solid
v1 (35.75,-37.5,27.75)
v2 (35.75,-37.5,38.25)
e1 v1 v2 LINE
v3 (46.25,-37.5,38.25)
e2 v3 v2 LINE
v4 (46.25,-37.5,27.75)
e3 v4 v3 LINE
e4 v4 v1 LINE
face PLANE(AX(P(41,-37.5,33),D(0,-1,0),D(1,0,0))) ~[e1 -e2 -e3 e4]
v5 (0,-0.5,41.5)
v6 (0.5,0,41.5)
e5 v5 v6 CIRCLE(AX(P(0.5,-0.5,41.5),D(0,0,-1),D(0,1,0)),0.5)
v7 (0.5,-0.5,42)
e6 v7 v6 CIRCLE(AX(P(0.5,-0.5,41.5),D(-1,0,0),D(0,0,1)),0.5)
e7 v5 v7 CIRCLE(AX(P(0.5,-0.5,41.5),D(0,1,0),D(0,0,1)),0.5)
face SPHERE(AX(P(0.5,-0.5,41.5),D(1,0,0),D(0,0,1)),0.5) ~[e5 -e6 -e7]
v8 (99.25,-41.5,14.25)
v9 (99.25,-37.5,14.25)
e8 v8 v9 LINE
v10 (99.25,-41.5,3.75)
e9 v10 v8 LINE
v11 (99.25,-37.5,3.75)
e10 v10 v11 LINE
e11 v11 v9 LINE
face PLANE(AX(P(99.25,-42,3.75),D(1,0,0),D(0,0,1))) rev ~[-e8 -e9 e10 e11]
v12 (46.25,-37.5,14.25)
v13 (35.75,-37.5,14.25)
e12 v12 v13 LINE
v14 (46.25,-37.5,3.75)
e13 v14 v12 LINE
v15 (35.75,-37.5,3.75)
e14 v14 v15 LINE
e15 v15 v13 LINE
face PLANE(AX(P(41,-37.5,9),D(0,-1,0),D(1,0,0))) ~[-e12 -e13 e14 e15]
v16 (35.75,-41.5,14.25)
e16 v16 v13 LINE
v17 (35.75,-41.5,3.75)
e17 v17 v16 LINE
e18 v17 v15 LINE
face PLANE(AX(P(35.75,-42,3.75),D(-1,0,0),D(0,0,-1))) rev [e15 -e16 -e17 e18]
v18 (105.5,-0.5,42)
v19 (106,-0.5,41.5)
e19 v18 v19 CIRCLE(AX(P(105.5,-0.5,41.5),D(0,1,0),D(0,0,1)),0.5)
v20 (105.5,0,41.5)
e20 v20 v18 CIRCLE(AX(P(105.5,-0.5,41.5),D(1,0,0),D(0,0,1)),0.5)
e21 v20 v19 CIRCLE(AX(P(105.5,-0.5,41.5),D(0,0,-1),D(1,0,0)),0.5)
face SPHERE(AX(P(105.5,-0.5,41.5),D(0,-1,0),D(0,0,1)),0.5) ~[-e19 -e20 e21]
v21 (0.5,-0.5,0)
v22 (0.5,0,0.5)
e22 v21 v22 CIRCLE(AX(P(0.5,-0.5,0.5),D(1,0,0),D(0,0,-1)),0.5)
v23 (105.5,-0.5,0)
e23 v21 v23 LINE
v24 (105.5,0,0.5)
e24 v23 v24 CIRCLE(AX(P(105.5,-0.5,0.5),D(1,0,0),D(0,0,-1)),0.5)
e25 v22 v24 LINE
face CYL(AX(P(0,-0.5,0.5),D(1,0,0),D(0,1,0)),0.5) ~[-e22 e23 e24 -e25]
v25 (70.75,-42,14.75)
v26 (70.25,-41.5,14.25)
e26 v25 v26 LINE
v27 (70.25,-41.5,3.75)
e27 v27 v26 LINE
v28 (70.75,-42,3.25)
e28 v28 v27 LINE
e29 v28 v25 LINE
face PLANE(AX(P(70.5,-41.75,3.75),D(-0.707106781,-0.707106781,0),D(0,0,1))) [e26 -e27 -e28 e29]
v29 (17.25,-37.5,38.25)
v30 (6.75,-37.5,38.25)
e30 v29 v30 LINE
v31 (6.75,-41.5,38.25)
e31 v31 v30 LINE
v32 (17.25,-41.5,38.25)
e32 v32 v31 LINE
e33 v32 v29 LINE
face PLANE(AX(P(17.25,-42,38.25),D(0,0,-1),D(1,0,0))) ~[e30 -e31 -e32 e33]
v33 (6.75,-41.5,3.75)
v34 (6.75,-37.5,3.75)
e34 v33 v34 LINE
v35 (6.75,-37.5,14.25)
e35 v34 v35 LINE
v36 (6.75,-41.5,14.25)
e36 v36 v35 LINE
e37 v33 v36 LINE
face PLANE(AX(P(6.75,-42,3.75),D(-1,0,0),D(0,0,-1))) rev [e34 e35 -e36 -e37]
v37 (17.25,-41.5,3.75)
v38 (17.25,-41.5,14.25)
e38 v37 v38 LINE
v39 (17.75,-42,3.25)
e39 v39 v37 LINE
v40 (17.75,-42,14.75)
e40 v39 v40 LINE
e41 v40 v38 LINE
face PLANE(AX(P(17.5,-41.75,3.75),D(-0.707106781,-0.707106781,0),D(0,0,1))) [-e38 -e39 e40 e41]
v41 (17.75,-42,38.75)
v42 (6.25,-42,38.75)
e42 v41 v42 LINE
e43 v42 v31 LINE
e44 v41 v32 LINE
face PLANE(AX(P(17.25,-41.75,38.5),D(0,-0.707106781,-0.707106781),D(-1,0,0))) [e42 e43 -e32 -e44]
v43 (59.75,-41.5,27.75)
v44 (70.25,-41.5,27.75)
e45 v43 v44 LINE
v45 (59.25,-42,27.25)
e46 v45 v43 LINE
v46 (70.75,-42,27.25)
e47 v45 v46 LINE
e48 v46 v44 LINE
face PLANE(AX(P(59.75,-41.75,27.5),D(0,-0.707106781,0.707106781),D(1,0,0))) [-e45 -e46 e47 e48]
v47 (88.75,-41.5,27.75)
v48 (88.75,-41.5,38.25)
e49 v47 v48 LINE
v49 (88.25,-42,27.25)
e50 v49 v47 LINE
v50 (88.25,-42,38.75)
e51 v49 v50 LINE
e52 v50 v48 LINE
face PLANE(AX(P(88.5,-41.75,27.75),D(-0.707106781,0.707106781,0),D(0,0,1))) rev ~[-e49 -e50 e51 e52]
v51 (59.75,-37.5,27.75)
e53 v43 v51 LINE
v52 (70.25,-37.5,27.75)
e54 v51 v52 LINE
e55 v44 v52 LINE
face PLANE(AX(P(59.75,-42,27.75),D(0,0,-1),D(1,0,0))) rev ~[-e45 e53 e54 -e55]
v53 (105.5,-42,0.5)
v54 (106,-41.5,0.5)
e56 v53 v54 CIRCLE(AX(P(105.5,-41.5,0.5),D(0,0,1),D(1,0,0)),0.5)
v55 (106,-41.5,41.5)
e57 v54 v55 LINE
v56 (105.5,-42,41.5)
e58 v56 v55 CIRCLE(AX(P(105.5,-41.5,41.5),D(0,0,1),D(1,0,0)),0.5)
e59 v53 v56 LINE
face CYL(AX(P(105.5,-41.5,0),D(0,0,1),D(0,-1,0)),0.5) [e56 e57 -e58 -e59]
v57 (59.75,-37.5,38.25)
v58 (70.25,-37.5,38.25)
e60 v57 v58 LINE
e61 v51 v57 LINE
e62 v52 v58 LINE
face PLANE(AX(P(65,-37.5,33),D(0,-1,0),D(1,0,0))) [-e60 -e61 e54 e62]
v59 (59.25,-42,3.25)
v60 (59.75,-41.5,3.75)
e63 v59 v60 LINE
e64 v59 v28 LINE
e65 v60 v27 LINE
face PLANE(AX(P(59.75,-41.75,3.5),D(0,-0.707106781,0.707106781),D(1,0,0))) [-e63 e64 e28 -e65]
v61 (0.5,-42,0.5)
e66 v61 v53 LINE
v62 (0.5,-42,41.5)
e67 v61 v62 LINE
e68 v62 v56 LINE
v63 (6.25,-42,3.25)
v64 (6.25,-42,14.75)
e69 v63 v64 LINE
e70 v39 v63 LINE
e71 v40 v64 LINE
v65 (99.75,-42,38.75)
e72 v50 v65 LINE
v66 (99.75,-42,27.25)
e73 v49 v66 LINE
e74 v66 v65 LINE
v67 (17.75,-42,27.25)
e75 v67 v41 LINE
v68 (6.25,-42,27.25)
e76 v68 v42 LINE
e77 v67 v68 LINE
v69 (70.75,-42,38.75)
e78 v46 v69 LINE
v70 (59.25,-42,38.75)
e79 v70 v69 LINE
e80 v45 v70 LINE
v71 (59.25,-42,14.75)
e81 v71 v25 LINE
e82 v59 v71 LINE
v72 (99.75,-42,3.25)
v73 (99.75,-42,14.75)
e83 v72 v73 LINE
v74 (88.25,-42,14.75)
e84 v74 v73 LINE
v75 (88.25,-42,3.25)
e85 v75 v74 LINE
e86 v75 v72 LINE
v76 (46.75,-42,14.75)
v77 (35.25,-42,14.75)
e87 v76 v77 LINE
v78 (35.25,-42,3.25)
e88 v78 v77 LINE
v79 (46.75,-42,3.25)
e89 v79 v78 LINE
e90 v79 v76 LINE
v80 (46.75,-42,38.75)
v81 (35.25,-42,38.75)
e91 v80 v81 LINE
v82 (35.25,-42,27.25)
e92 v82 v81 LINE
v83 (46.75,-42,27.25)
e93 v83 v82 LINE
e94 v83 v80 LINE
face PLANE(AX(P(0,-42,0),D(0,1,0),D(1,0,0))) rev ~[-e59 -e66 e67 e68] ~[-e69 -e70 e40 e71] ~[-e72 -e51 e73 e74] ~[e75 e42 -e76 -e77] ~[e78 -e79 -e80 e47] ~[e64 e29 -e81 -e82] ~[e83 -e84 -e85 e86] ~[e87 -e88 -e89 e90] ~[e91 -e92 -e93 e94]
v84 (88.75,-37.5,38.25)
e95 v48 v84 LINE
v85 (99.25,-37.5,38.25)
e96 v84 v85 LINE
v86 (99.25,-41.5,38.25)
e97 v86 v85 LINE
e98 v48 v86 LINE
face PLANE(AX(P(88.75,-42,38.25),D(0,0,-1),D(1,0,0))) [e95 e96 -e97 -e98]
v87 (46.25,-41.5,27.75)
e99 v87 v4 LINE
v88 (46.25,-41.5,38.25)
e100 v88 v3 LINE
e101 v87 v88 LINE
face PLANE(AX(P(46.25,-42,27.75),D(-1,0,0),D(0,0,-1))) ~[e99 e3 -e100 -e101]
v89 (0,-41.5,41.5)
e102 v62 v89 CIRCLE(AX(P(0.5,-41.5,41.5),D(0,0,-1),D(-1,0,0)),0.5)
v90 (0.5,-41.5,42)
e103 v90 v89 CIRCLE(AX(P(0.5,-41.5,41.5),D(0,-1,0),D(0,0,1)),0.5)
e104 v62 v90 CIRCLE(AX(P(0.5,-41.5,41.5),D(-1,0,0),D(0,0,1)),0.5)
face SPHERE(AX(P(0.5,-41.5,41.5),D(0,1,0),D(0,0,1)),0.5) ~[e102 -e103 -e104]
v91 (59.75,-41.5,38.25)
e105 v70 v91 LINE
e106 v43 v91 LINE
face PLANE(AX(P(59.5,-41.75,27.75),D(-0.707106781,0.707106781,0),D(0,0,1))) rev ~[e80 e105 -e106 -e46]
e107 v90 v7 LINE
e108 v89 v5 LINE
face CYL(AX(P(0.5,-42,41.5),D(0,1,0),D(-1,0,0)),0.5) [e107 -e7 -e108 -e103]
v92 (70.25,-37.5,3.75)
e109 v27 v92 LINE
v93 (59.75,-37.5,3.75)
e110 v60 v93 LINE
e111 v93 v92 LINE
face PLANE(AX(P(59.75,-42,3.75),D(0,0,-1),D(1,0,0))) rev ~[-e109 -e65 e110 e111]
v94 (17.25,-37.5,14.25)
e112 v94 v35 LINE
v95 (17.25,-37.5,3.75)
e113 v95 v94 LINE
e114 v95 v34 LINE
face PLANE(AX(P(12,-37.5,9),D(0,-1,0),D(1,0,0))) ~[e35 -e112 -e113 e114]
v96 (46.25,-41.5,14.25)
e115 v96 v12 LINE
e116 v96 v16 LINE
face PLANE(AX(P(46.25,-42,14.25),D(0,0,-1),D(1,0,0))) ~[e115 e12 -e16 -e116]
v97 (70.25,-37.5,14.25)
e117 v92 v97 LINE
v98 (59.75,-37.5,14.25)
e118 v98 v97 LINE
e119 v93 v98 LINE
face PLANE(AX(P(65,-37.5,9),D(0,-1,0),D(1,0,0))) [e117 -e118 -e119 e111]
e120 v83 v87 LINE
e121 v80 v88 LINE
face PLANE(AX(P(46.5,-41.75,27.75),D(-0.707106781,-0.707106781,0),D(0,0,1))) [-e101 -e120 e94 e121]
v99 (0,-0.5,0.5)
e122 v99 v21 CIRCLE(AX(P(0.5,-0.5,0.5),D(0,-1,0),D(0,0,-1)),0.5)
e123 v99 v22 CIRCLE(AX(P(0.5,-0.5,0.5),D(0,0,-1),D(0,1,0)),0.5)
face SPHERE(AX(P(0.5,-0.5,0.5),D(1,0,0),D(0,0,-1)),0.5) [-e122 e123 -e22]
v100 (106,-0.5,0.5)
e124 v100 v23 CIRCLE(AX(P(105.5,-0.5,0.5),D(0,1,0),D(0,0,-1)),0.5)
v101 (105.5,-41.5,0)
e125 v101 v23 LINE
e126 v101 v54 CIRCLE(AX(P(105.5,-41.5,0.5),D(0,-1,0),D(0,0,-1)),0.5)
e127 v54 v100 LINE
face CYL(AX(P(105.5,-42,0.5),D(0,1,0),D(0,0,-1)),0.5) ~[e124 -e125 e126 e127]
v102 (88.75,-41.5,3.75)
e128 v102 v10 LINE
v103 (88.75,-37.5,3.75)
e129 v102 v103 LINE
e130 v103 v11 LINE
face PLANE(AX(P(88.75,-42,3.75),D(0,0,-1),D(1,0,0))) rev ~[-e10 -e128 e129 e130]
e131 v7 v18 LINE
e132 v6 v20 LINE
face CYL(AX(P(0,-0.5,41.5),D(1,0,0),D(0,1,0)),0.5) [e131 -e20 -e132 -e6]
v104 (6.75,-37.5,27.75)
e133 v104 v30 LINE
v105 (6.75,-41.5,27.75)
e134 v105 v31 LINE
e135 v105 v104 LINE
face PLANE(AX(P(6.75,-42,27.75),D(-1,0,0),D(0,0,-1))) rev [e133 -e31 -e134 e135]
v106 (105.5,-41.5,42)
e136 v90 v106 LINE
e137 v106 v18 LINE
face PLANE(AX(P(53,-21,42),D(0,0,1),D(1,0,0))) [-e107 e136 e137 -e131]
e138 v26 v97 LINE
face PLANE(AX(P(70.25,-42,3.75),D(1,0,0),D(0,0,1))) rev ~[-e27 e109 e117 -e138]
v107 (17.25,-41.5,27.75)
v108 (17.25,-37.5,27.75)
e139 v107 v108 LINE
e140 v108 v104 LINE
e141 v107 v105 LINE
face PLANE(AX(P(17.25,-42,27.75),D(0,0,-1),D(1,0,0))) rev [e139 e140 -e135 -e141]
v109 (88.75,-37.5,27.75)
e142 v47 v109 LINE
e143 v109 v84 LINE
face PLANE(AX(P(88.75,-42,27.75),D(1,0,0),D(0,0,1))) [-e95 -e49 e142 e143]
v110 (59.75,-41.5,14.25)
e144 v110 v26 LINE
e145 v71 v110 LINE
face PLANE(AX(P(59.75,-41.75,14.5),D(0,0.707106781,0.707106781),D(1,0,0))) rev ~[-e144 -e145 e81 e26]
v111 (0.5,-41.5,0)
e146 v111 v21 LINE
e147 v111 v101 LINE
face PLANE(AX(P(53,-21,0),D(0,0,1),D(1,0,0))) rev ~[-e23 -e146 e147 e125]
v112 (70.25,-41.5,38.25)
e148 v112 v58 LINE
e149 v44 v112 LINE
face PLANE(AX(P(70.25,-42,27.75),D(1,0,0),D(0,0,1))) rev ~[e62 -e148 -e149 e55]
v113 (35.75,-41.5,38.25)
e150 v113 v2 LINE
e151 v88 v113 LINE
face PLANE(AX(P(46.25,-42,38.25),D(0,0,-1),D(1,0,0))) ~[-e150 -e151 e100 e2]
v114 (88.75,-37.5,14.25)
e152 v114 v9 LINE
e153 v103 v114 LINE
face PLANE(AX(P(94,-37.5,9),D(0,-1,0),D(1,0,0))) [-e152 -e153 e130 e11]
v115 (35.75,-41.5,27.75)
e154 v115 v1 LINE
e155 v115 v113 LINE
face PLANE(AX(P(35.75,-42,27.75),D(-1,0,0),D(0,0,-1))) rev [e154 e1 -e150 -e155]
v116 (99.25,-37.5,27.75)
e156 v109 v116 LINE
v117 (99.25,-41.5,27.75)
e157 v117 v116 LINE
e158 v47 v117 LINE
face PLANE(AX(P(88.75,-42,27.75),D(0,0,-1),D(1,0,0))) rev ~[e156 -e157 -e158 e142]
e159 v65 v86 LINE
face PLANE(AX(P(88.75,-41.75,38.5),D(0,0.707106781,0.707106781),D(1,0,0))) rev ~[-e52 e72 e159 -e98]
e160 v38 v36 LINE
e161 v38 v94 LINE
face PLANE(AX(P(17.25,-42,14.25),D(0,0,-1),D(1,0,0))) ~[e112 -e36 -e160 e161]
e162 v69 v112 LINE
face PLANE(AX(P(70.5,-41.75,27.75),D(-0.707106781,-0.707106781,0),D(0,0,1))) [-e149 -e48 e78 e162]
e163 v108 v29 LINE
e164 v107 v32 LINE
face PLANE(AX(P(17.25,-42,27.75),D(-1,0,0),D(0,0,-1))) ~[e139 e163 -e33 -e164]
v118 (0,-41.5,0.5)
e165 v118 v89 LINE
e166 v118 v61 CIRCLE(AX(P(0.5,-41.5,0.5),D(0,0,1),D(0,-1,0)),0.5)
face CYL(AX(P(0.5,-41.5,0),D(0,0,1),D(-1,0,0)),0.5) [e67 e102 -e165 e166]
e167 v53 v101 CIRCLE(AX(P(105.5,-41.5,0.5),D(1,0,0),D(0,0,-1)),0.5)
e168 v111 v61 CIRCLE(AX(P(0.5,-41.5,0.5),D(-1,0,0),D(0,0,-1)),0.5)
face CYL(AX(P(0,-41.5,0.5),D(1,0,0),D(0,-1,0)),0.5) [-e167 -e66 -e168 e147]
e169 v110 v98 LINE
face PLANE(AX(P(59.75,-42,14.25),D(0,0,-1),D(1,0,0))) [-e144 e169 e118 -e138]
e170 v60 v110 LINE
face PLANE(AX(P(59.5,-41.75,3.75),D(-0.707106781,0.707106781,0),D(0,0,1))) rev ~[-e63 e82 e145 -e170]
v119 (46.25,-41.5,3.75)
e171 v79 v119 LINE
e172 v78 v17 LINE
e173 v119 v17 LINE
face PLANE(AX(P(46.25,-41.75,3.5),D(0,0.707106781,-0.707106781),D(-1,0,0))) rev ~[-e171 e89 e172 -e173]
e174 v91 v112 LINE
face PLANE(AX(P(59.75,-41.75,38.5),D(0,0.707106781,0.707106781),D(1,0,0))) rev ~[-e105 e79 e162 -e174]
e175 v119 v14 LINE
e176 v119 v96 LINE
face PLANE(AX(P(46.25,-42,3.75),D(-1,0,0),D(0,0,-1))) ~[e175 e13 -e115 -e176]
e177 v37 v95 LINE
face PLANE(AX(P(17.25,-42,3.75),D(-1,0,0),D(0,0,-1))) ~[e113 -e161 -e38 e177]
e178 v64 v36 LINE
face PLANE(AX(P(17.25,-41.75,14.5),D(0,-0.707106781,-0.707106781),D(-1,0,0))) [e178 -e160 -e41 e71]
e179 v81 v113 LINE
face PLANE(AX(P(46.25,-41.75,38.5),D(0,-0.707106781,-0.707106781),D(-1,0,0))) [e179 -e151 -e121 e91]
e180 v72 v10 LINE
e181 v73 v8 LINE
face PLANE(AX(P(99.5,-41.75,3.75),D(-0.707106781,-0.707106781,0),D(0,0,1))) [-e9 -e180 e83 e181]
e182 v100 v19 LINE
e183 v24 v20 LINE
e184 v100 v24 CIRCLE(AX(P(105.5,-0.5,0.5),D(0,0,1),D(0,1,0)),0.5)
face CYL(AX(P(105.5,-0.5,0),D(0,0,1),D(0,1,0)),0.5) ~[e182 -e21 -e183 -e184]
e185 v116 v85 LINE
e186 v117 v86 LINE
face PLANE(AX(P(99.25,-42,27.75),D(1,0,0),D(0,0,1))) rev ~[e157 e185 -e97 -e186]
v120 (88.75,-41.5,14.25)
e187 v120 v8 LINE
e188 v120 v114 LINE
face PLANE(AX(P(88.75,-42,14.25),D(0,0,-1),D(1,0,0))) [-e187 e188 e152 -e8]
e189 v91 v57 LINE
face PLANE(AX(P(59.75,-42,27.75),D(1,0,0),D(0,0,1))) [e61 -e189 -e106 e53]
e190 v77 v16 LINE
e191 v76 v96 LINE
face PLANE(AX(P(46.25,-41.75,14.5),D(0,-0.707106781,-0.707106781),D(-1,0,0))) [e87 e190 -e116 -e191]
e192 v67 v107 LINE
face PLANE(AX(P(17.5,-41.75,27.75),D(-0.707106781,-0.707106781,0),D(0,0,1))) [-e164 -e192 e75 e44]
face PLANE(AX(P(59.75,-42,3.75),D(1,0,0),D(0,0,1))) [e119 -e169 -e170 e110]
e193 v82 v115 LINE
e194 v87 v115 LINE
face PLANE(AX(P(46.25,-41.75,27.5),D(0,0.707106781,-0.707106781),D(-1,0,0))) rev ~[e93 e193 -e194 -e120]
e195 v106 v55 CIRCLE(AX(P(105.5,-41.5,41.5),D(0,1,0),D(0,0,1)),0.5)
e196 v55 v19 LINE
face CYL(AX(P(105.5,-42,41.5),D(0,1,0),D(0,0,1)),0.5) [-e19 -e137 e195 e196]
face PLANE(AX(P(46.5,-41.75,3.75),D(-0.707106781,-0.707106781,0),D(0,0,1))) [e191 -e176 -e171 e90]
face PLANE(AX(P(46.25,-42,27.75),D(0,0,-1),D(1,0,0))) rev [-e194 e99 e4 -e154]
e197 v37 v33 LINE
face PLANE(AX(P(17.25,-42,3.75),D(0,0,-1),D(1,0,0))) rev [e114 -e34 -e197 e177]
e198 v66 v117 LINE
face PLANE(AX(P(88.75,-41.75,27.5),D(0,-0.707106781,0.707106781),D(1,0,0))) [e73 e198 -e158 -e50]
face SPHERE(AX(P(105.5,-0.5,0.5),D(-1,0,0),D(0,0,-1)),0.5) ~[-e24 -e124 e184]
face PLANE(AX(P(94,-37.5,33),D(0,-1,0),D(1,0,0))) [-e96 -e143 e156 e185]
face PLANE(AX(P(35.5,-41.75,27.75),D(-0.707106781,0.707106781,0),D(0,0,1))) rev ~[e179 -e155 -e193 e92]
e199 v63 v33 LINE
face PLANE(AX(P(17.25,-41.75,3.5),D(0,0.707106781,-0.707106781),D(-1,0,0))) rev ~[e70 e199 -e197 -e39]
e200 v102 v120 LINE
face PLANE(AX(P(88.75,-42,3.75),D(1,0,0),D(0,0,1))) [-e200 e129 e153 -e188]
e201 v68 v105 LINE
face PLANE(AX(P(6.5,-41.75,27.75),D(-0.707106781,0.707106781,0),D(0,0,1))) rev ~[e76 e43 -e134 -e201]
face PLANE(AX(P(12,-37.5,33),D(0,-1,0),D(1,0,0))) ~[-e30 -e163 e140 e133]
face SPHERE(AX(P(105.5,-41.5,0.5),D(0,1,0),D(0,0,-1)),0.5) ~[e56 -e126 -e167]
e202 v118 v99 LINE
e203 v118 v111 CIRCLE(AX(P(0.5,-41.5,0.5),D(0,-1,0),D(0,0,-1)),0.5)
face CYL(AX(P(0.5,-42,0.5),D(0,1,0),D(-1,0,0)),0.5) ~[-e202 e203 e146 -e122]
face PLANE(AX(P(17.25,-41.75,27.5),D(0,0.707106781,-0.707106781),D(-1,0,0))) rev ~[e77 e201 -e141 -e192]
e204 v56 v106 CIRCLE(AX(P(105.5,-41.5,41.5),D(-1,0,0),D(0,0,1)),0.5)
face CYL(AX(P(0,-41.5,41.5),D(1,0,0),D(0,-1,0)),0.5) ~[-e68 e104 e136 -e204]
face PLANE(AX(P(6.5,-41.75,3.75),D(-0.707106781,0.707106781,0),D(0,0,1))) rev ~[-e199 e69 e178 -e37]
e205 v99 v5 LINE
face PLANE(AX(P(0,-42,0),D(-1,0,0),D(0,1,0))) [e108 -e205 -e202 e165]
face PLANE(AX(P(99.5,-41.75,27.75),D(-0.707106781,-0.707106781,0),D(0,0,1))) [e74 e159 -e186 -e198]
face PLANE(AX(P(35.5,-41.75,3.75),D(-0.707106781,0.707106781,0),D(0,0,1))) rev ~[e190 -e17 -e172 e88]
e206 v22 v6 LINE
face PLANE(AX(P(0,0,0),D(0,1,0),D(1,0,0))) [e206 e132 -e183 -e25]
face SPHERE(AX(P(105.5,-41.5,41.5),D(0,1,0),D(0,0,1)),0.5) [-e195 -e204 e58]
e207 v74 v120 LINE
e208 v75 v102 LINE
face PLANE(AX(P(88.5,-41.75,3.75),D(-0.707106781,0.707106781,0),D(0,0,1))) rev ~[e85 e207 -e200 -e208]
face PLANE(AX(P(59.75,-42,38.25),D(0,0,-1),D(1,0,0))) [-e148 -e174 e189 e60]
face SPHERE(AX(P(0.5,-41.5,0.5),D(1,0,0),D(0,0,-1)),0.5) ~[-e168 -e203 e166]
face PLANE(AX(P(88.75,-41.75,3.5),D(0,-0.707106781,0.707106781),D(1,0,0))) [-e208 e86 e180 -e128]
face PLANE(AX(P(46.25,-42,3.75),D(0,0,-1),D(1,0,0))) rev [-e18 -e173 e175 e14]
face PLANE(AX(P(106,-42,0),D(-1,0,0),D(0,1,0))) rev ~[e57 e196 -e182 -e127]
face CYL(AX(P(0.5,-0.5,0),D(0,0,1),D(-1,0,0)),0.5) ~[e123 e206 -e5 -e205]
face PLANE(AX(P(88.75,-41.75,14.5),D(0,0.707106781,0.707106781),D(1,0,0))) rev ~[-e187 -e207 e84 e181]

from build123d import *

# Parameters (mm, degrees)
ESQUISSE1_W             = 106
ESQUISSE1_H             = 42
BOSS_EXTRU_1_DEPTH      = 42
ESQUISSE2_W             = 10.5
ESQUISSE2_H             = 10.5
ENL_V_MAT_EXTRU_1_DEPTH = 4.5
CONG_1_R                = 0.5
CHANFREIN1_SIZE         = 0.5


with BuildPart() as part:
    # Esquisse1 → Boss.-Extru.1 (new body)
    with BuildSketch(Plane.XY):
        with Locations((53, -21)):
            Rectangle(ESQUISSE1_W, ESQUISSE1_H)
    extrude(amount=BOSS_EXTRU_1_DEPTH)

    # Esquisse2 → Enlèv. mat.-Extru.1 (cut)
    with BuildSketch(Plane.XZ.offset(42)):
        with Locations((65, 33)):
            Rectangle(ESQUISSE2_W, ESQUISSE2_H)
        with Locations((94, 9)):
            Rectangle(ESQUISSE2_W, ESQUISSE2_H)
        with Locations((94, 33)):
            Rectangle(ESQUISSE2_W, ESQUISSE2_H)
        with Locations((65, 9)):
            Rectangle(ESQUISSE2_W, ESQUISSE2_H)
    enl_v_mat_extru_1 = extrude(amount=-ENL_V_MAT_EXTRU_1_DEPTH, mode=Mode.SUBTRACT)

    # Congé1
    cong_1_edges = [part.edges().sort_by_distance(p)[0] for p in [
        (106, -21, 42),
        (53, 0, 42),
        (0, -21, 42),
        (53, 0, 0),
        (106, -21, 0),
        (53, -42, 0),
        (0, -21, 0),
        (53, -42, 42),
        (0, 0, 21),
        (106, 0, 21),
        (106, -42, 21),
        (0, -42, 21),
    ]]
    fillet(cong_1_edges, radius=CONG_1_R)

    # Symétrie1: Enlèv. mat.-Extru.1 across plane
    add(enl_v_mat_extru_1.mirror(Plane(origin=(53, 0, 0), x_dir=(0, 0, 1), z_dir=(1, 0, 0))), mode=Mode.SUBTRACT)

    # Chanfrein1
    chanfrein1_edges = [part.edges().sort_by_distance(p)[0] for p in [
        (46.25, -42, 33),
        (41, -42, 27.75),
        (35.75, -42, 33),
        (41, -42, 38.25),
        (46.25, -42, 9),
        (41, -42, 3.75),
        (35.75, -42, 9),
        (41, -42, 14.25),
        (17.25, -42, 9),
        (12, -42, 3.75),
        (6.75, -42, 9),
        (12, -42, 14.25),
        (17.25, -42, 33),
        (12, -42, 27.75),
        (6.75, -42, 33),
        (12, -42, 38.25),
        (59.75, -42, 33),
        (65, -42, 27.75),
        (70.25, -42, 33),
        (65, -42, 38.25),
        (59.75, -42, 9),
        (65, -42, 3.75),
        (70.25, -42, 9),
        (65, -42, 14.25),
        (88.75, -42, 9),
        (94, -42, 3.75),
        (99.25, -42, 9),
        (94, -42, 14.25),
        (88.75, -42, 33),
        (94, -42, 27.75),
        (99.25, -42, 33),
        (94, -42, 38.25),
    ]]
    chamfer(chanfrein1_edges, length=CHANFREIN1_SIZE)


solid = part.part
